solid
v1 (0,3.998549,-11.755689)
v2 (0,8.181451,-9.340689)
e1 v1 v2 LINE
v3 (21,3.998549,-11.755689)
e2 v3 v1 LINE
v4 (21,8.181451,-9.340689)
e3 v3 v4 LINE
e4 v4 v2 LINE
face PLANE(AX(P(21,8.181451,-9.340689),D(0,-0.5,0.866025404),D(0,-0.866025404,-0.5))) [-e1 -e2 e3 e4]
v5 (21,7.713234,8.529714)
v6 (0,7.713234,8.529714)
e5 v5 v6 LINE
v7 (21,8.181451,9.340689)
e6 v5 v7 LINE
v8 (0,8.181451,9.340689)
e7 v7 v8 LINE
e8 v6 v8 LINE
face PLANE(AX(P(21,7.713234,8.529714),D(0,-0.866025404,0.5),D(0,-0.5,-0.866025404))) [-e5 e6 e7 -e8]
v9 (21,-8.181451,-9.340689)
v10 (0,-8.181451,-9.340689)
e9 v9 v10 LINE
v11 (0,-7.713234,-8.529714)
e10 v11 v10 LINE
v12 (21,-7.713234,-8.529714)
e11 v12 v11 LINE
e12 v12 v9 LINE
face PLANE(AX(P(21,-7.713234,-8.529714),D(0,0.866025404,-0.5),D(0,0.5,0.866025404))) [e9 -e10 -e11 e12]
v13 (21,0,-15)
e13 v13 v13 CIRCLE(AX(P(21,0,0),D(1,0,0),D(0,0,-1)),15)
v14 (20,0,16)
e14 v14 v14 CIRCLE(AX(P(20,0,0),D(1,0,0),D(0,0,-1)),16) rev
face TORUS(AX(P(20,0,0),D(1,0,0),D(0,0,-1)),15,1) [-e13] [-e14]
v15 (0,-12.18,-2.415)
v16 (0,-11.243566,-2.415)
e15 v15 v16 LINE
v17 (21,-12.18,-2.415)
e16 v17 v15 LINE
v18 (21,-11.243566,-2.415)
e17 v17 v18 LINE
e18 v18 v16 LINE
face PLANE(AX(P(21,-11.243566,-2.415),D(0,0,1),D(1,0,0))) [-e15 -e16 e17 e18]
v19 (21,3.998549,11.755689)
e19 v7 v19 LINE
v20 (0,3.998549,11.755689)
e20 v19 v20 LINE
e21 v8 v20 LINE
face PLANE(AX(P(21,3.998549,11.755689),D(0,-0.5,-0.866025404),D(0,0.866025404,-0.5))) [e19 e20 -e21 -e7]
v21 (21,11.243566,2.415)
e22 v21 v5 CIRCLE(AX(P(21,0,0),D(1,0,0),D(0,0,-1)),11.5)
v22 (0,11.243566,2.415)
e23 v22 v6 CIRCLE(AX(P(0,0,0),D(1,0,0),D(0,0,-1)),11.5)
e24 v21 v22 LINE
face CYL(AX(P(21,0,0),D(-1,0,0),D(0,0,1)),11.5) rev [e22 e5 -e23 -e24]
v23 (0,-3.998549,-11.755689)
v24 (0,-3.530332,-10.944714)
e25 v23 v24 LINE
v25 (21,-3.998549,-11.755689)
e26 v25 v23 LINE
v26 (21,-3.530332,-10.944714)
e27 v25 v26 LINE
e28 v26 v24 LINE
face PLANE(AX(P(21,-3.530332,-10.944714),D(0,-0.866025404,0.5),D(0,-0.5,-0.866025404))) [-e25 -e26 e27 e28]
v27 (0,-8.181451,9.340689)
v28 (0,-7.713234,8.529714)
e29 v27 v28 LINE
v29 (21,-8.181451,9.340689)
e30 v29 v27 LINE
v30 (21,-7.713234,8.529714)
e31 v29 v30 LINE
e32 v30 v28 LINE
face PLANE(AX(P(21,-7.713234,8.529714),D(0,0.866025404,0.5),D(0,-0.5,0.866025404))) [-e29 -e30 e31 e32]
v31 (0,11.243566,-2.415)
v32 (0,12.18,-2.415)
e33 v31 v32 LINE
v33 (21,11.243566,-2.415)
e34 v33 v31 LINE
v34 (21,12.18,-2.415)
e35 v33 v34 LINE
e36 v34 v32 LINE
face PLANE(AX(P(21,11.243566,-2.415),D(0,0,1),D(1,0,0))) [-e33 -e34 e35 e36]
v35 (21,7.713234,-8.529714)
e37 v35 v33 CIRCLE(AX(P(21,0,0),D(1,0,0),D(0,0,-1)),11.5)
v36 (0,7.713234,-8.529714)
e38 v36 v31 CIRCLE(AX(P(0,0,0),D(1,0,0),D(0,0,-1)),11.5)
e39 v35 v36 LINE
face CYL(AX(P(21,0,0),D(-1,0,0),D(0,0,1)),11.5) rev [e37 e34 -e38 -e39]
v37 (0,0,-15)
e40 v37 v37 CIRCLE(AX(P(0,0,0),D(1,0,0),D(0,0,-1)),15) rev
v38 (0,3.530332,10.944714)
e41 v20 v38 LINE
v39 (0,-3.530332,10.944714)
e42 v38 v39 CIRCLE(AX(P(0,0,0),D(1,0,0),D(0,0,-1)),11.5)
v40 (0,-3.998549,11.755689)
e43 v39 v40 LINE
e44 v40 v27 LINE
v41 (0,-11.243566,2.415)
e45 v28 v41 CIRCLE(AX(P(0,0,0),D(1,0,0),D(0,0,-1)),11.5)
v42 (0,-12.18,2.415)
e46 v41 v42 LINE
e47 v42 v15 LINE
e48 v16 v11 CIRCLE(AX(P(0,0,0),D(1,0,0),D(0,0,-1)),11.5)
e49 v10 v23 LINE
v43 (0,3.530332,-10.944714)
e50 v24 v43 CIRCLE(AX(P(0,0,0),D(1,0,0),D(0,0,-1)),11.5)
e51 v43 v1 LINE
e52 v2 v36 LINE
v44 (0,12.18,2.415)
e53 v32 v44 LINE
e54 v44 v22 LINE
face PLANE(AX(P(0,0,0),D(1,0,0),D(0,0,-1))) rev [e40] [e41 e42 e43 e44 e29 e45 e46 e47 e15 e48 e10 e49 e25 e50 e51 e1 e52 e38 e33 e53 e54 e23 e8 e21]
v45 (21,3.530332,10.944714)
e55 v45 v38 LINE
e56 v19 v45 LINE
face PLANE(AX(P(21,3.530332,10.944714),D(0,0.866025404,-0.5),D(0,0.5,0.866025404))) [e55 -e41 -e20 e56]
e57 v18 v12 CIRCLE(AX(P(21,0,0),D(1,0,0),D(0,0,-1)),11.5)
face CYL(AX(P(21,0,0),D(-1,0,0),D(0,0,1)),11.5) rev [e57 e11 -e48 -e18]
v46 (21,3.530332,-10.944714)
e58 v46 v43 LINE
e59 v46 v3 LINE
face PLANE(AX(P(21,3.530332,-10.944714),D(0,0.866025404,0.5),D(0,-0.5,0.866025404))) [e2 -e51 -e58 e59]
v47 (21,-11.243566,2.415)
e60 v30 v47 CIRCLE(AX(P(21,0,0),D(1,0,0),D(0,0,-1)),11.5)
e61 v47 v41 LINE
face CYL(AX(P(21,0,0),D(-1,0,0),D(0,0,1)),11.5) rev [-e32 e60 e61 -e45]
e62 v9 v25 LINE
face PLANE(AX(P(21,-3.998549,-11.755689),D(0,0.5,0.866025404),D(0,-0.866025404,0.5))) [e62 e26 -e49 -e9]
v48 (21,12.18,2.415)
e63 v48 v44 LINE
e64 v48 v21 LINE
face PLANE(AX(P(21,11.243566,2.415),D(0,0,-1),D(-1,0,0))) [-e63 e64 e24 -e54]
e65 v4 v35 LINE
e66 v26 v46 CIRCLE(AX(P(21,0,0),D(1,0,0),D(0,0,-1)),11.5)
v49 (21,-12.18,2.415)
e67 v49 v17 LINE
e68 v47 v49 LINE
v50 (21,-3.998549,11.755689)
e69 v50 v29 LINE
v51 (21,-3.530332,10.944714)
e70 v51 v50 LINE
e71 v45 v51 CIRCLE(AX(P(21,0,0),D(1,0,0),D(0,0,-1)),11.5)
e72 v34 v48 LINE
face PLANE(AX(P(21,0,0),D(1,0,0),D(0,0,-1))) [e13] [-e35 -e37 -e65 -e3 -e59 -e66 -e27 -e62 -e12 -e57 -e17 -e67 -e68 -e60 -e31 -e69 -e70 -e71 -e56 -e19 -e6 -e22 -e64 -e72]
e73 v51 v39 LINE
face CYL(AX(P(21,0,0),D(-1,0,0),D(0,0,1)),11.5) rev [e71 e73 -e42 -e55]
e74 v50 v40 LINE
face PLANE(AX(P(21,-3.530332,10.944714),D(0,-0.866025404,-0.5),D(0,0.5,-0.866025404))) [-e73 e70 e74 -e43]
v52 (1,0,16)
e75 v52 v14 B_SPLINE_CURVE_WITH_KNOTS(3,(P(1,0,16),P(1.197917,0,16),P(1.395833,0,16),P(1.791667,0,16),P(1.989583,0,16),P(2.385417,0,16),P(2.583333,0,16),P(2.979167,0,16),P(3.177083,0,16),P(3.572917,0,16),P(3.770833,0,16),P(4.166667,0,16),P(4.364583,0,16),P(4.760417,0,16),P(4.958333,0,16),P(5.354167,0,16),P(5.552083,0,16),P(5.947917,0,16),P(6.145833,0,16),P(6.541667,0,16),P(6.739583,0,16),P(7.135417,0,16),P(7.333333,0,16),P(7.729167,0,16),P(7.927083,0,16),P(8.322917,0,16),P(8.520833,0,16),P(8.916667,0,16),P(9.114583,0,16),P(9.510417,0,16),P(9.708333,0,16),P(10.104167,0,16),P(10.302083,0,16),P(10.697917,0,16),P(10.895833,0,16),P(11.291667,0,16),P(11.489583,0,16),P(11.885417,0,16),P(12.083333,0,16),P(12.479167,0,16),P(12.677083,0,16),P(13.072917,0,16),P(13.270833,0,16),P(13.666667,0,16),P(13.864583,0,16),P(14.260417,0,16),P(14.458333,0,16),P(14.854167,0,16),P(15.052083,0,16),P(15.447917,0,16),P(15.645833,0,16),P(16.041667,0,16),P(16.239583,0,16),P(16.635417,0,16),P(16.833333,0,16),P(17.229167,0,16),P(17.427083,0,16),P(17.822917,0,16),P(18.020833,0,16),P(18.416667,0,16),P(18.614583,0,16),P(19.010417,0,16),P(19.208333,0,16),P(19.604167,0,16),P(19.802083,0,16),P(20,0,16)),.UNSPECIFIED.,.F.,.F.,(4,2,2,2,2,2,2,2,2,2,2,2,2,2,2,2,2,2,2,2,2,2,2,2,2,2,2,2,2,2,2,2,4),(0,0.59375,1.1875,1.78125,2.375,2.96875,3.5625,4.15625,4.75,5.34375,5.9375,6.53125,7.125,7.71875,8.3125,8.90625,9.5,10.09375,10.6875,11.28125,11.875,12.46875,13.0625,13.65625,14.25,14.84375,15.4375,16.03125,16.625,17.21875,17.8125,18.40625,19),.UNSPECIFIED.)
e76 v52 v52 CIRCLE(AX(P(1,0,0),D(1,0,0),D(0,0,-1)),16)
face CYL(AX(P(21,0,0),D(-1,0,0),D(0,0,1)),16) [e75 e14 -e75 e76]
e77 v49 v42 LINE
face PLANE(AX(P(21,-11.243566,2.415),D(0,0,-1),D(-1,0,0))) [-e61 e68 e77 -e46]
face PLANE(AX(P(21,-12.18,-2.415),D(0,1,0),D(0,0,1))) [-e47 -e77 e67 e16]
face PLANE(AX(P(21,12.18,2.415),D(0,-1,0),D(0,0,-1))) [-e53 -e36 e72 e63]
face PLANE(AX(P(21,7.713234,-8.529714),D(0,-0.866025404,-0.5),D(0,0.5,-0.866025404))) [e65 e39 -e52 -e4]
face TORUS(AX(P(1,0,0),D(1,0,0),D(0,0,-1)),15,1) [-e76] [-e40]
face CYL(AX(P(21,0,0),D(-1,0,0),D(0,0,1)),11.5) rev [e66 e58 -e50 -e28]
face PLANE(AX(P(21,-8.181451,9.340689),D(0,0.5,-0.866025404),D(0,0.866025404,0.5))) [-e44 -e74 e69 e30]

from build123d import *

# Parameters (mm, degrees)
CROQUIS1_R              = 16
SALIENTE_EXTRUIR1_DEPTH = 21
REDONDEO1_R             = 1


with BuildPart() as part:
    # Croquis1 → Saliente-Extruir1 (new body)
    with BuildSketch(Plane(origin=(0, 0, 0), x_dir=(0, 0, -1), z_dir=(1, 0, 0))):
        with Locations(Location((0, 0, 0), (0, 0, 180))):
            Circle(CROQUIS1_R)
        with BuildLine():
            Line((9.340689418, 8.18145135), (11.755689418, 3.99854865))
            Line((11.755689418, 3.99854865), (10.944713731, 3.530331619))
            ThreePointArc((10.944713731, 3.530331619), (11.5, 0), (10.944713731, -3.530331619))
            Line((10.944713731, -3.530331619), (11.755689418, -3.99854865))
            Line((11.755689418, -3.99854865), (9.340689418, -8.18145135))
            Line((9.340689418, -8.18145135), (8.529713731, -7.713234319))
            ThreePointArc((8.529713731, -7.713234319), (5.75, -9.959292144), (2.415, -11.243565938))
            Line((2.415, -11.243565938), (2.415, -12.18))
            Line((2.415, -12.18), (-2.415, -12.18))
            Line((-2.415, -12.18), (-2.415, -11.243565938))
            ThreePointArc((-2.415, -11.243565938), (-5.75, -9.959292144), (-8.529713731, -7.713234319))
            Line((-8.529713731, -7.713234319), (-9.340689418, -8.18145135))
            Line((-9.340689418, -8.18145135), (-11.755689418, -3.99854865))
            Line((-11.755689418, -3.99854865), (-10.944713731, -3.530331619))
            ThreePointArc((-10.944713731, -3.530331619), (-11.5, 0), (-10.944713731, 3.530331619))
            Line((-10.944713731, 3.530331619), (-11.755689418, 3.99854865))
            Line((-11.755689418, 3.99854865), (-9.340689418, 8.18145135))
            Line((-9.340689418, 8.18145135), (-8.529713731, 7.713234319))
            ThreePointArc((-8.529713731, 7.713234319), (-5.75, 9.959292144), (-2.415, 11.243565938))
            Line((-2.415, 11.243565938), (-2.415, 12.18))
            Line((-2.415, 12.18), (2.415, 12.18))
            Line((2.415, 12.18), (2.415, 11.243565938))
            ThreePointArc((2.415, 11.243565938), (5.75, 9.959292144), (8.529713731, 7.713234319))
            Line((8.529713731, 7.713234319), (9.340689418, 8.18145135))
        make_face(mode=Mode.SUBTRACT)
    extrude(amount=SALIENTE_EXTRUIR1_DEPTH)

    # Redondeo1
    redondeo1_edges = [part.edges().sort_by_distance(p)[0] for p in [
        (0, 0, -16),
        (21, 0, -16),
    ]]
    fillet(redondeo1_edges, radius=REDONDEO1_R)


solid = part.part
